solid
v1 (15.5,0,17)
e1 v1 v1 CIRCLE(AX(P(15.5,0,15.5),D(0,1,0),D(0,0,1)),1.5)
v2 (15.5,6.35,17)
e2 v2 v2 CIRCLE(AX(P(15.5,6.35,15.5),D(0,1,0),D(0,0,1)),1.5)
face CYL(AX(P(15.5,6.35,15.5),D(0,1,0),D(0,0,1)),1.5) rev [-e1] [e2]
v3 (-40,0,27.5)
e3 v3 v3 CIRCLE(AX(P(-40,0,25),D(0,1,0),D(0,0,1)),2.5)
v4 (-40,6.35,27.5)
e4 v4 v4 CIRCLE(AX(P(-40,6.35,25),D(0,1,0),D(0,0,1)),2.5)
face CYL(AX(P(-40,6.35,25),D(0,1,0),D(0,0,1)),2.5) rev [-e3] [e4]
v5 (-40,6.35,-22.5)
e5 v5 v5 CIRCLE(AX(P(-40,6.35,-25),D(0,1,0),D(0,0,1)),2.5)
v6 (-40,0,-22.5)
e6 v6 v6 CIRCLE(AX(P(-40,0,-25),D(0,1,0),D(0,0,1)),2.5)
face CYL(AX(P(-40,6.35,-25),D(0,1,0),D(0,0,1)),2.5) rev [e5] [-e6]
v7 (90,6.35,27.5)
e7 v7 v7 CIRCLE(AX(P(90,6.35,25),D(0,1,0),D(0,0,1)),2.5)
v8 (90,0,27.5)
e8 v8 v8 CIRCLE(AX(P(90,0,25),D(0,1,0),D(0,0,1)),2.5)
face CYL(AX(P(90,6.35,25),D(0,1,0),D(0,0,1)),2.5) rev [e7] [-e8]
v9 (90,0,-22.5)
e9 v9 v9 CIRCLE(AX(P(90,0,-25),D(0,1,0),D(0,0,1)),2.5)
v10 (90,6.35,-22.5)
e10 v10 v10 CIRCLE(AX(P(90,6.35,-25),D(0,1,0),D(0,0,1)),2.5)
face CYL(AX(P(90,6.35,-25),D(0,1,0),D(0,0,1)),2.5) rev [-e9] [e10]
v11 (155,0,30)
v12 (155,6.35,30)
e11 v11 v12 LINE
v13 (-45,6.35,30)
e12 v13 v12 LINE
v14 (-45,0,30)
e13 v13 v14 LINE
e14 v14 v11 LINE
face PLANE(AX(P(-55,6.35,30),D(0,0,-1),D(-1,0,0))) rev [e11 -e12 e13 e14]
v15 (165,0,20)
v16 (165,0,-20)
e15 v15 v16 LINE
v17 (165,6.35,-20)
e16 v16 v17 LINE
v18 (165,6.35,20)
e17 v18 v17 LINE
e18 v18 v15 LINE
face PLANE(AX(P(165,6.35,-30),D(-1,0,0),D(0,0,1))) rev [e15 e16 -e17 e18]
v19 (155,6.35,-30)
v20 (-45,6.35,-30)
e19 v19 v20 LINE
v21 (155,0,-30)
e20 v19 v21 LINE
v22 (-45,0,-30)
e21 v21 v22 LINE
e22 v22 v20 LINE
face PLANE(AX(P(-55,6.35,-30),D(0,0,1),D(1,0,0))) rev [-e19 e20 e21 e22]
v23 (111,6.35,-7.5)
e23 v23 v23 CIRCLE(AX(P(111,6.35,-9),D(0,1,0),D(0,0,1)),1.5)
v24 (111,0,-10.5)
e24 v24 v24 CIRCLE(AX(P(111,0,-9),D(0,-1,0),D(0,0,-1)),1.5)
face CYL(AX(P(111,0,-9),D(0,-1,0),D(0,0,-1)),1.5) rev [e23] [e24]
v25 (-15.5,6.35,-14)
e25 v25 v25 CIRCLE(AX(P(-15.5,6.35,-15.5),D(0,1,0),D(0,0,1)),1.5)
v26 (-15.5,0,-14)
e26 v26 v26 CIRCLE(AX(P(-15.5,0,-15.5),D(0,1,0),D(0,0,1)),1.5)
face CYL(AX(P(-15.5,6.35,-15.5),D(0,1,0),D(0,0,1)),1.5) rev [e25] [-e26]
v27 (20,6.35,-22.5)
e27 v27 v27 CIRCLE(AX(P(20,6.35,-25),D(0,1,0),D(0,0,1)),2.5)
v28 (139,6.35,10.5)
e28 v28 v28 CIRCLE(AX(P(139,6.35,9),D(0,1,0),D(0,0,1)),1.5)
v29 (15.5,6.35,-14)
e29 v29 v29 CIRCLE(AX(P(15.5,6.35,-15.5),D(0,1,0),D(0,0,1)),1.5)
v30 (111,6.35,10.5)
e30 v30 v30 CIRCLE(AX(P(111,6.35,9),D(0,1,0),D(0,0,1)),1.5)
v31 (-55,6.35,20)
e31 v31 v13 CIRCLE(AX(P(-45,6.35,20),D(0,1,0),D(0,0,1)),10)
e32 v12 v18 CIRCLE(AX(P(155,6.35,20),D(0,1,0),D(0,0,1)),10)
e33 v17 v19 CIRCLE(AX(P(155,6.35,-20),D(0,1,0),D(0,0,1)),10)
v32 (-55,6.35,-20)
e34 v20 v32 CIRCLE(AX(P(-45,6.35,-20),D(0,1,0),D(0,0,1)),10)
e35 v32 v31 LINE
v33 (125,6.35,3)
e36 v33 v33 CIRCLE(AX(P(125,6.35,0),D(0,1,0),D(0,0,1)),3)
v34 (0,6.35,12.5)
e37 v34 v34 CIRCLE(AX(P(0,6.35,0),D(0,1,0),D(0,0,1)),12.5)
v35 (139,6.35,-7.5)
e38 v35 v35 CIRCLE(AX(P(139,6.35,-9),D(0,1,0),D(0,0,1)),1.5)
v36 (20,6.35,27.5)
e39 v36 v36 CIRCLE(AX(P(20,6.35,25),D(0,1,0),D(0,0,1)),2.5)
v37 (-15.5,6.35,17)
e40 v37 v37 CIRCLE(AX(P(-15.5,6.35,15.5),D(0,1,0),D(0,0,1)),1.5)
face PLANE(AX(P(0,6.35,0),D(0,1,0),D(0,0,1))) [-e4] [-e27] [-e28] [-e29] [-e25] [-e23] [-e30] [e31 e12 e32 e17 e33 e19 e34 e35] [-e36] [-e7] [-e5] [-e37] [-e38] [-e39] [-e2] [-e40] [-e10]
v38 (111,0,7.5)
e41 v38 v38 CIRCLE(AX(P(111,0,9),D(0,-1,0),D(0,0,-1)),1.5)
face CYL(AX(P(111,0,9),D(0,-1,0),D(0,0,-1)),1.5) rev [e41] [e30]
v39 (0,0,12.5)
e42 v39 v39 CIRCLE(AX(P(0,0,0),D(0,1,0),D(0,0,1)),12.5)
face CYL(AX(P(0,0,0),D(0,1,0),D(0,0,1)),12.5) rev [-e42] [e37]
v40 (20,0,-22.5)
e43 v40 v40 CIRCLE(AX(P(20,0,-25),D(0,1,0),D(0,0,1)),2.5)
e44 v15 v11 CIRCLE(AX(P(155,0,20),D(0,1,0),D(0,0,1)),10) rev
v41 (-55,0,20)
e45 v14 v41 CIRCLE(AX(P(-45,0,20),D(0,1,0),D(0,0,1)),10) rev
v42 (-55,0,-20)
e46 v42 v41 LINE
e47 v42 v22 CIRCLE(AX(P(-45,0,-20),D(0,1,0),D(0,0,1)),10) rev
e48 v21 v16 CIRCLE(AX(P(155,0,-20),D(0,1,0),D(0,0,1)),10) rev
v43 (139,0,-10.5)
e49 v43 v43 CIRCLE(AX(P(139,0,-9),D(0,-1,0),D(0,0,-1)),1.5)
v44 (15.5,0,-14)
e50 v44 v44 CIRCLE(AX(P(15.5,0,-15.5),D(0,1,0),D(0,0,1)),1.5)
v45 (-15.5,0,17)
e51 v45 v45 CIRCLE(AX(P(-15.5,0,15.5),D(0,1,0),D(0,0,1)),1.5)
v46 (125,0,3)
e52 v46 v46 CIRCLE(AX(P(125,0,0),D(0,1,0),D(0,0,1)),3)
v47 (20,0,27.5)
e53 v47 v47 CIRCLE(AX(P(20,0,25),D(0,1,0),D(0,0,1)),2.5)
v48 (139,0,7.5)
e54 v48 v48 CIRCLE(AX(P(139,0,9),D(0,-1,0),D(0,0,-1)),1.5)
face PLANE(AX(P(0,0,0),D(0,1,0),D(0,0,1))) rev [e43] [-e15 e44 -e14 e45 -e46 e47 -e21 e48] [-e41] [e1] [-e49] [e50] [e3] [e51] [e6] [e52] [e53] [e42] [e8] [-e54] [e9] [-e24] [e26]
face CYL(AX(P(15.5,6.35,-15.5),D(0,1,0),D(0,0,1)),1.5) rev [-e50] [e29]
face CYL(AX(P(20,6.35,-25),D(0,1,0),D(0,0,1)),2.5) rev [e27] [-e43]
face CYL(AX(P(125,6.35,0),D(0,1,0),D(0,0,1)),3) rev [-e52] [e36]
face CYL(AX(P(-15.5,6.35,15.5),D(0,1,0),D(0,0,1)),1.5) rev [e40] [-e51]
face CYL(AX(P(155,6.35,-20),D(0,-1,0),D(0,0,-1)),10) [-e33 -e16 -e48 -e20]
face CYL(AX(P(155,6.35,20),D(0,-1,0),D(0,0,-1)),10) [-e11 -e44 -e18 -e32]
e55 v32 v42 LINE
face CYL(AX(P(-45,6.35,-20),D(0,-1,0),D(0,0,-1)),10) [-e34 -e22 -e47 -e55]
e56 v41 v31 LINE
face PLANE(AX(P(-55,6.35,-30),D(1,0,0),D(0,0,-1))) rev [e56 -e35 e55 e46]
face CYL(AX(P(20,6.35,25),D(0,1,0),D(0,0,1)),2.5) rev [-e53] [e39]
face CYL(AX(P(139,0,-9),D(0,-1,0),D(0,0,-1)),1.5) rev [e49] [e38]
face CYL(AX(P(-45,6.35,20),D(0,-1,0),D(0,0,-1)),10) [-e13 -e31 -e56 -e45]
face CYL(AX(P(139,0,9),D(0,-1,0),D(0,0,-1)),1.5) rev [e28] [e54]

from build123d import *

# Parameters (mm, degrees)
SKETCH1_W             = 220
SKETCH1_H             = 60
BOSS_EXTRUDE1_DEPTH   = 6.35
FILLET1_R             = 10
F_3_0MM_DOWEL_HOLE1_D = 3
SKETCH6_R             = 12.5
CUT_EXTRUDE1_DEPTH    = 168.825273722
F_6_0MM_DOWEL_HOLE1_D = 6
F_3_0MM_DOWEL_HOLE2_D = 3
F_5_0MM_DOWEL_HOLE1_D = 5


with BuildPart() as part:
    # Sketch1 → Boss-Extrude1 (new body)
    with BuildSketch(Plane(origin=(0, 0, 0), x_dir=(1, 0, 0), z_dir=(0, 1, 0))):
        with Locations((55, 0)):
            Rectangle(SKETCH1_W, SKETCH1_H)
    extrude(amount=BOSS_EXTRUDE1_DEPTH)

    # Fillet1
    fillet1_edges = [part.edges().sort_by_distance(p)[0] for p in [
        (-55, 3.175, -30),
        (165, 3.175, -30),
        (165, 3.175, 30),
        (-55, 3.175, 30),
    ]]
    fillet(fillet1_edges, radius=FILLET1_R)

    # Ø3.0mm Dowel Hole1 (through all)
    with Locations(Plane(origin=(0, 6.35, 0), x_dir=(1, 0, 0), z_dir=(0, 1, 0))):
        with Locations((-15.5, 15.5), (15.5, 15.5), (15.5, -15.5), (-15.5, -15.5)):
            Hole(F_3_0MM_DOWEL_HOLE1_D / 2)

    # Sketch6 → Cut-Extrude1 (cut, through all)
    with BuildSketch(Plane(origin=(0, 6.35, 0), x_dir=(1, 0, 0), z_dir=(0, 1, 0))):
        with Locations(Location((0, 0, 0), (0, 0, 270))):
            Circle(SKETCH6_R)
    extrude(amount=-CUT_EXTRUDE1_DEPTH, mode=Mode.SUBTRACT)

    # Ø6.0mm Dowel Hole1 (through all)
    with Locations(Plane(origin=(0, 6.35, 0), x_dir=(1, 0, 0), z_dir=(0, 1, 0))):
        with Locations((125, 0)):
            Hole(F_6_0MM_DOWEL_HOLE1_D / 2)

    # Ø3.0mm Dowel Hole2 (through all)
    with Locations(Plane(origin=(0, 0, 0), x_dir=(-1, 0, 0), z_dir=(0, -1, 0))):
        with Locations((-139, 9), (-111, 9), (-111, -9), (-139, -9)):
            Hole(F_3_0MM_DOWEL_HOLE2_D / 2)

    # Ø5.0mm Dowel Hole1 (through all)
    with Locations(Plane(origin=(0, 6.35, 0), x_dir=(1, 0, 0), z_dir=(0, 1, 0))):
        with Locations((20, -25), (90, -25), (90, 25), (20, 25), (-40, -25), (-40, 25)):
            Hole(F_5_0MM_DOWEL_HOLE1_D / 2)


solid = part.part
